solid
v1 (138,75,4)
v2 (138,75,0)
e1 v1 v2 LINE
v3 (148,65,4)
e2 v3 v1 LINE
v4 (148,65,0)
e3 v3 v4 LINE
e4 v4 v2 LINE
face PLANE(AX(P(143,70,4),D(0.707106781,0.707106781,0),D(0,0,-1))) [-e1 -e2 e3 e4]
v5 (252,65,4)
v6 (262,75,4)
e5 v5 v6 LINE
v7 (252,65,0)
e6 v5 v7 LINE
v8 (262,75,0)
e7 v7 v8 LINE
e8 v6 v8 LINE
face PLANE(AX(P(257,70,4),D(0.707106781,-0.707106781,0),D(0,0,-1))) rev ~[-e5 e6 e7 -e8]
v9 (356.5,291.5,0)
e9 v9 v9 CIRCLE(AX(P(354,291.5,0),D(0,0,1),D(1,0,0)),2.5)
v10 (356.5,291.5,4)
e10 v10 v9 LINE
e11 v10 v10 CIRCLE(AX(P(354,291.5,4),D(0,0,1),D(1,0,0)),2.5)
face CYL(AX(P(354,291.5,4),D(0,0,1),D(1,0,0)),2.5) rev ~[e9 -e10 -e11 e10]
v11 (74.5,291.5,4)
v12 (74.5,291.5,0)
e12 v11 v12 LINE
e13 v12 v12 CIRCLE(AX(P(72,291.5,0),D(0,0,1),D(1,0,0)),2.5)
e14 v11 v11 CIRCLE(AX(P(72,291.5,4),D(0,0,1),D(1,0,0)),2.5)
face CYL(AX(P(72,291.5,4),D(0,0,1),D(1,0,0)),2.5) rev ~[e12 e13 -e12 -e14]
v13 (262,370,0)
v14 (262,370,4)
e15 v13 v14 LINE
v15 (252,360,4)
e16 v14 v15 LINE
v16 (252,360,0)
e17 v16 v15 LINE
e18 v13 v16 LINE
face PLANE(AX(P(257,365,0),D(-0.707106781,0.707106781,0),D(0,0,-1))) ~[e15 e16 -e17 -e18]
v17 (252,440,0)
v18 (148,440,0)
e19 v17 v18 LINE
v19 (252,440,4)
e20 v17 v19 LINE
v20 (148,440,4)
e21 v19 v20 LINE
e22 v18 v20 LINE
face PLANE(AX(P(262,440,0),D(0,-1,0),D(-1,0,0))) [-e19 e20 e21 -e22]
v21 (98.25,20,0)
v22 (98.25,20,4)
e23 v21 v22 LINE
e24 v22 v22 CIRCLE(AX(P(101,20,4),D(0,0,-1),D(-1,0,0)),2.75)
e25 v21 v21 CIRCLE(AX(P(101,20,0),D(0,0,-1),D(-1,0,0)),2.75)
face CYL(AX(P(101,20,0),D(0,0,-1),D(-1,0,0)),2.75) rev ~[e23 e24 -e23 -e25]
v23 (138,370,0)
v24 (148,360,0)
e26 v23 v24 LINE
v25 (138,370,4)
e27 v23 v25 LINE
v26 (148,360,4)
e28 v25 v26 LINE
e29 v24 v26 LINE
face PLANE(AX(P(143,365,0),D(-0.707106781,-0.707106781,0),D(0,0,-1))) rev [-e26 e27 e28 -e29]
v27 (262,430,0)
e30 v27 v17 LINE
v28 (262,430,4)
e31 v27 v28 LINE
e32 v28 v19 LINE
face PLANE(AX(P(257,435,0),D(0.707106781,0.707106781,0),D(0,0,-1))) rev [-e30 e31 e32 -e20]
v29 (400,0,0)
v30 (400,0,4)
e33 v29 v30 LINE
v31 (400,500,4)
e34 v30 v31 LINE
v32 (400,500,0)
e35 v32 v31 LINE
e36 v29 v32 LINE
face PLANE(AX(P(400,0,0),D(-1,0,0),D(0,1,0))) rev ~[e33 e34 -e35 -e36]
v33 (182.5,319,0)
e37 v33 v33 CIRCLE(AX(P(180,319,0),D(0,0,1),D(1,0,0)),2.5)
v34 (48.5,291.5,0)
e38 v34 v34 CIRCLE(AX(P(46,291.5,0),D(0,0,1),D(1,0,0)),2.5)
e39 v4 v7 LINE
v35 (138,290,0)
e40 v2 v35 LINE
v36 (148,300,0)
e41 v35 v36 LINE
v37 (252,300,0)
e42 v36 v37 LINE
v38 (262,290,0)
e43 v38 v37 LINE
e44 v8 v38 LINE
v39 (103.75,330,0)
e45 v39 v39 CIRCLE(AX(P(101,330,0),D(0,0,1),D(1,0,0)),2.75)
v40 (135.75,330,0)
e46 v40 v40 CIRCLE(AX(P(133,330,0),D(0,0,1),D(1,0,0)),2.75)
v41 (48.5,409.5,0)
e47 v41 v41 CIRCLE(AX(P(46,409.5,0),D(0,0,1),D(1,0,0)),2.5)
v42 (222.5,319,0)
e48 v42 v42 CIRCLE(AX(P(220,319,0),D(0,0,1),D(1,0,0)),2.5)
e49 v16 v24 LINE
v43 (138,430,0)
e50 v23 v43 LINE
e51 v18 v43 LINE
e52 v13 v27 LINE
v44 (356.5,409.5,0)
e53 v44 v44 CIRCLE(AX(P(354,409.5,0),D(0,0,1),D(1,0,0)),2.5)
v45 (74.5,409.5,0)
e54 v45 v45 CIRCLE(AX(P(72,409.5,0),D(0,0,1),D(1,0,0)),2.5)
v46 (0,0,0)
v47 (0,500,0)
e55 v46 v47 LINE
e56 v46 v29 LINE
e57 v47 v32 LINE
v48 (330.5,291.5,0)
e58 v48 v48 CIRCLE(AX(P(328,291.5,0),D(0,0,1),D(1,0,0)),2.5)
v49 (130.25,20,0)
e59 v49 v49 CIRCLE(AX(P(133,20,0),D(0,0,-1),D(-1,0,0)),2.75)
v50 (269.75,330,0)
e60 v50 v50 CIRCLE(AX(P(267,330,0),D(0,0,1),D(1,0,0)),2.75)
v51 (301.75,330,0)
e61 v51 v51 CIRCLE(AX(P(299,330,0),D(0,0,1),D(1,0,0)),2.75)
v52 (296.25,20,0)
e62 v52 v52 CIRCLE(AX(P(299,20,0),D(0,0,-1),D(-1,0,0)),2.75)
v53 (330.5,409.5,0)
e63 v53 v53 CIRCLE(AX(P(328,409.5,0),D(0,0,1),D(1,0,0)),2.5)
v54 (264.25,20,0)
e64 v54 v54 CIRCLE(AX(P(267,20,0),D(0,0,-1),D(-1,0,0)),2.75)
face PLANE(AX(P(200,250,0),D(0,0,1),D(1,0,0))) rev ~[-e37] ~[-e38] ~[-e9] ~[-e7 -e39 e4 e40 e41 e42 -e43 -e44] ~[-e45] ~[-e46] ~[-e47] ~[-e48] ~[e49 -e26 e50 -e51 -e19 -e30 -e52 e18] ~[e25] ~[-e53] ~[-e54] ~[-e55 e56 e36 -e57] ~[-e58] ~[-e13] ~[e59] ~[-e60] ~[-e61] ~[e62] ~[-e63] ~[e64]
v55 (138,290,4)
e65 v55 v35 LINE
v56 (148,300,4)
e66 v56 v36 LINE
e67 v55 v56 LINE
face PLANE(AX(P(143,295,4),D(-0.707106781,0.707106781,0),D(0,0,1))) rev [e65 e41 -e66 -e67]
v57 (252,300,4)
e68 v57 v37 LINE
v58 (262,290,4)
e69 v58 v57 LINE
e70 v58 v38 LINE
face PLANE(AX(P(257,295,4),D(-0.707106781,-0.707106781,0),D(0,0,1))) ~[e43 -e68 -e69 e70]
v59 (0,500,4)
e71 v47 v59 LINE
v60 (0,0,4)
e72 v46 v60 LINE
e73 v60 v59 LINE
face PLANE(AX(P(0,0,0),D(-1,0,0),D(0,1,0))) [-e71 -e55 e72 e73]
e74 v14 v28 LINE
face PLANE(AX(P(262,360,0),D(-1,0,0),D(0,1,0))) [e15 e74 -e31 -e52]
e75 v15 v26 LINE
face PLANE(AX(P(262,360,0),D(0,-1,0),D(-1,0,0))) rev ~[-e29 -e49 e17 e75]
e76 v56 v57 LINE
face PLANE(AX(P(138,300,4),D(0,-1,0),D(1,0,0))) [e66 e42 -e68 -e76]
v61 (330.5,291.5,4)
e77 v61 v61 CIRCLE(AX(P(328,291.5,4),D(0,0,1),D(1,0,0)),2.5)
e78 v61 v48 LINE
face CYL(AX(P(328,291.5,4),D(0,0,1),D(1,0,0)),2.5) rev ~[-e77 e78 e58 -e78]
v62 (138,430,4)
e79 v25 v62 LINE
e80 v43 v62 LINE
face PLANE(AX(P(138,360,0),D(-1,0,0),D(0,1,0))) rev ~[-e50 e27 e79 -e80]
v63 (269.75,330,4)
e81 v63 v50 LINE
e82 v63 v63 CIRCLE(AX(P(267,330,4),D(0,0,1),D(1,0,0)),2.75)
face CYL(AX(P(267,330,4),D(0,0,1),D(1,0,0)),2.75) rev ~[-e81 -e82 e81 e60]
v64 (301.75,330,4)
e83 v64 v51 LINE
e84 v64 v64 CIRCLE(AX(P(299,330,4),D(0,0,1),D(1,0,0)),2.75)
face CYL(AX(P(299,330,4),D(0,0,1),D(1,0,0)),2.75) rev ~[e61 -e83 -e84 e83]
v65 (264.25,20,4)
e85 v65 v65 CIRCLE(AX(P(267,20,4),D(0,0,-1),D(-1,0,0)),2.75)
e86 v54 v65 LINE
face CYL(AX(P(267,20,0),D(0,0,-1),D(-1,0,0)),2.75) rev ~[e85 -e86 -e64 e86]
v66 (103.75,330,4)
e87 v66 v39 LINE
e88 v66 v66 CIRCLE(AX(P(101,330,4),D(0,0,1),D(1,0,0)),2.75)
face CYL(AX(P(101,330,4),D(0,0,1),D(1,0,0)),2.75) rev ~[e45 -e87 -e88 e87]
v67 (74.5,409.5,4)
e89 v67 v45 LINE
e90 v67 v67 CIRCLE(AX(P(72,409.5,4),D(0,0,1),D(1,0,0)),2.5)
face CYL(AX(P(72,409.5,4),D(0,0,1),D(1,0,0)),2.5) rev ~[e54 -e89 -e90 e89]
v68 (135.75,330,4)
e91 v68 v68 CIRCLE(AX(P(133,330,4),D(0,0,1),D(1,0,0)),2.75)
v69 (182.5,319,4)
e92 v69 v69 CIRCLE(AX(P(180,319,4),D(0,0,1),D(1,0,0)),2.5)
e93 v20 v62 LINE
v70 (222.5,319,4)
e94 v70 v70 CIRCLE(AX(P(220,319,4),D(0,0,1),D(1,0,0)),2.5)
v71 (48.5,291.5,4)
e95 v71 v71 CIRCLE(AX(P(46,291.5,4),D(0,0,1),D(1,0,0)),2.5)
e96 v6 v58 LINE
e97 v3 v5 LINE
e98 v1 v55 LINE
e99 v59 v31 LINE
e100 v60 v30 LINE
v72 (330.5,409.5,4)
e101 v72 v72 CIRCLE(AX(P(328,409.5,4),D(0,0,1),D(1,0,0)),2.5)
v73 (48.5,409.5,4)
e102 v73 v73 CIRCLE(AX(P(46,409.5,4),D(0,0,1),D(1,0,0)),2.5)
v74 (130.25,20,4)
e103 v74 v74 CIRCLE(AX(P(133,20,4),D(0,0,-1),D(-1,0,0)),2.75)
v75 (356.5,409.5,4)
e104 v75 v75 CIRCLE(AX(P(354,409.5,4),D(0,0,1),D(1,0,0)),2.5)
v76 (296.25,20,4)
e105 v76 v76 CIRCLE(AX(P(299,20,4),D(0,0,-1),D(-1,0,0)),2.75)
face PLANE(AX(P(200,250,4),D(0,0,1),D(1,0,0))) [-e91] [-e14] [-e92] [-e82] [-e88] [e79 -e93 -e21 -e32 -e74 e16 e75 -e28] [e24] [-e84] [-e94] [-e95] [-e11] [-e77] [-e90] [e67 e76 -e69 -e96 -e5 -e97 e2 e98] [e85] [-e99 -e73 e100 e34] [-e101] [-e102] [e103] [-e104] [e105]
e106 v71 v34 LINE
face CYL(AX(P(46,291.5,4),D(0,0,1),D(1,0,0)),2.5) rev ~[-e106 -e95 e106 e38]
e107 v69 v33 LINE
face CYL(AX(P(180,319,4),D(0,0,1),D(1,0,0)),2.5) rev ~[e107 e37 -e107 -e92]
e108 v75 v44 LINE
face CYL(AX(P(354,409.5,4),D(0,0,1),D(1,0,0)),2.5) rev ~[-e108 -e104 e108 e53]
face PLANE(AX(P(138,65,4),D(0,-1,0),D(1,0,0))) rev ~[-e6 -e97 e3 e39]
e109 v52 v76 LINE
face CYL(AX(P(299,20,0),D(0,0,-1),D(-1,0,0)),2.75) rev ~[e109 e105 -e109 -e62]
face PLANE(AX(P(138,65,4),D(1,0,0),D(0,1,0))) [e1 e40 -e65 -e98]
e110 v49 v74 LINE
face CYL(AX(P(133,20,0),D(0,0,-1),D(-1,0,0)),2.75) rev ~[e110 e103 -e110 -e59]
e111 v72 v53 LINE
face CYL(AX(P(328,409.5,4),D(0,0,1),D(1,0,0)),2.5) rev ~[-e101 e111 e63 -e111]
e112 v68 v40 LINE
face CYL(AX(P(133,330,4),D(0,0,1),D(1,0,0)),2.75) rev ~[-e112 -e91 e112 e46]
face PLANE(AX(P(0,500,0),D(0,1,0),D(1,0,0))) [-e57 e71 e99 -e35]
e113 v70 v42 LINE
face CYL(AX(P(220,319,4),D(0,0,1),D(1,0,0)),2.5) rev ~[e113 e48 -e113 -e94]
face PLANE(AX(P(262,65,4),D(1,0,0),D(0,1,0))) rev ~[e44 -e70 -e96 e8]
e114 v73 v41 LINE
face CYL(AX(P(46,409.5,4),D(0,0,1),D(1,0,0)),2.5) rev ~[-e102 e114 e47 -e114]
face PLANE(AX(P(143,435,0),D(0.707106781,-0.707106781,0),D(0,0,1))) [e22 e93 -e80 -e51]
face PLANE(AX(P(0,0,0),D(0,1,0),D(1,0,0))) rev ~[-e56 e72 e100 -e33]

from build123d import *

# Parameters (mm, degrees)
SKETCH1_W           = 400
SKETCH1_H           = 500
BOSS_EXTRUDE1_DEPTH = 4
SKETCH2_W           = 124
SKETCH2_H           = 235
CUT_EXTRUDE1_DEPTH  = 5
SKETCH4_R           = 2.75
CUT_EXTRUDE3_DEPTH  = 10
SKETCH5_R           = 2.5
CUT_EXTRUDE4_DEPTH  = 5
SKETCH6_R           = 2.5
CUT_EXTRUDE5_DEPTH  = 4
SKETCH7_R           = 2.75
CUT_EXTRUDE6_DEPTH  = 4
SKETCH9_W           = 124
SKETCH9_H           = 80
CUT_EXTRUDE9_DEPTH  = 4
CHAMFER1_SIZE       = 10


with BuildPart() as part:
    # Sketch1 → Boss-Extrude1 (new body)
    with BuildSketch(Plane.XY):
        with Locations((200, 250)):
            Rectangle(SKETCH1_W, SKETCH1_H)
    extrude(amount=BOSS_EXTRUDE1_DEPTH)

    # Sketch2 → Cut-Extrude1 (cut, through all)
    with BuildSketch(Plane.XY.offset(4)):
        with Locations((200, 182.5)):
            Rectangle(SKETCH2_W, SKETCH2_H)
    extrude(amount=-CUT_EXTRUDE1_DEPTH, mode=Mode.SUBTRACT)

    # Sketch4 → Cut-Extrude3 (cut)
    with BuildSketch(Plane.XY.offset(4)):
        with Locations((299, 330)):
            Circle(SKETCH4_R)
        with Locations((267, 330)):
            Circle(SKETCH4_R)
        with Locations((133, 330)):
            Circle(SKETCH4_R)
        with Locations((101, 330)):
            Circle(SKETCH4_R)
    extrude(amount=-CUT_EXTRUDE3_DEPTH, mode=Mode.SUBTRACT)

    # Sketch5 → Cut-Extrude4 (cut, through all)
    with BuildSketch(Plane.XY.offset(4)):
        with Locations((180, 319)):
            Circle(SKETCH5_R)
        with Locations((220, 319)):
            Circle(SKETCH5_R)
    extrude(amount=-CUT_EXTRUDE4_DEPTH, mode=Mode.SUBTRACT)

    # Sketch6 → Cut-Extrude5 (cut)
    with BuildSketch(Plane.XY.offset(4)):
        with Locations((72, 409.5)):
            Circle(SKETCH6_R)
        with Locations((46, 409.5)):
            Circle(SKETCH6_R)
        with Locations((72, 291.5)):
            Circle(SKETCH6_R)
        with Locations((46, 291.5)):
            Circle(SKETCH6_R)
        with Locations((328, 291.5)):
            Circle(SKETCH6_R)
        with Locations((354, 291.5)):
            Circle(SKETCH6_R)
        with Locations((328, 409.5)):
            Circle(SKETCH6_R)
        with Locations((354, 409.5)):
            Circle(SKETCH6_R)
    extrude(amount=-CUT_EXTRUDE5_DEPTH, mode=Mode.SUBTRACT)

    # Sketch7 → Cut-Extrude6 (cut)
    with BuildSketch(Plane(origin=(0, 0, 0), x_dir=(-1, 0, 0), z_dir=(0, 0, -1))):
        with Locations((-267, 20)):
            Circle(SKETCH7_R)
        with Locations((-299, 20)):
            Circle(SKETCH7_R)
        with Locations((-133, 20)):
            Circle(SKETCH7_R)
        with Locations((-101, 20)):
            Circle(SKETCH7_R)
    extrude(amount=-CUT_EXTRUDE6_DEPTH, mode=Mode.SUBTRACT)

    # Sketch9 → Cut-Extrude9 (cut)
    with BuildSketch(Plane(origin=(0, 0, 0), x_dir=(-1, 0, 0), z_dir=(0, 0, -1))):
        with Locations((-200, 400)):
            Rectangle(SKETCH9_W, SKETCH9_H)
    extrude(amount=-CUT_EXTRUDE9_DEPTH, mode=Mode.SUBTRACT)

    # Chamfer1
    chamfer1_edges = [part.edges().sort_by_distance(p)[0] for p in [
        (138, 440, 2),
        (138, 360, 2),
        (262, 360, 2),
        (262, 440, 2),
        (138, 300, 2),
        (262, 300, 2),
        (262, 65, 2),
        (138, 65, 2),
    ]]
    chamfer(chamfer1_edges, length=CHAMFER1_SIZE)


solid = part.part
